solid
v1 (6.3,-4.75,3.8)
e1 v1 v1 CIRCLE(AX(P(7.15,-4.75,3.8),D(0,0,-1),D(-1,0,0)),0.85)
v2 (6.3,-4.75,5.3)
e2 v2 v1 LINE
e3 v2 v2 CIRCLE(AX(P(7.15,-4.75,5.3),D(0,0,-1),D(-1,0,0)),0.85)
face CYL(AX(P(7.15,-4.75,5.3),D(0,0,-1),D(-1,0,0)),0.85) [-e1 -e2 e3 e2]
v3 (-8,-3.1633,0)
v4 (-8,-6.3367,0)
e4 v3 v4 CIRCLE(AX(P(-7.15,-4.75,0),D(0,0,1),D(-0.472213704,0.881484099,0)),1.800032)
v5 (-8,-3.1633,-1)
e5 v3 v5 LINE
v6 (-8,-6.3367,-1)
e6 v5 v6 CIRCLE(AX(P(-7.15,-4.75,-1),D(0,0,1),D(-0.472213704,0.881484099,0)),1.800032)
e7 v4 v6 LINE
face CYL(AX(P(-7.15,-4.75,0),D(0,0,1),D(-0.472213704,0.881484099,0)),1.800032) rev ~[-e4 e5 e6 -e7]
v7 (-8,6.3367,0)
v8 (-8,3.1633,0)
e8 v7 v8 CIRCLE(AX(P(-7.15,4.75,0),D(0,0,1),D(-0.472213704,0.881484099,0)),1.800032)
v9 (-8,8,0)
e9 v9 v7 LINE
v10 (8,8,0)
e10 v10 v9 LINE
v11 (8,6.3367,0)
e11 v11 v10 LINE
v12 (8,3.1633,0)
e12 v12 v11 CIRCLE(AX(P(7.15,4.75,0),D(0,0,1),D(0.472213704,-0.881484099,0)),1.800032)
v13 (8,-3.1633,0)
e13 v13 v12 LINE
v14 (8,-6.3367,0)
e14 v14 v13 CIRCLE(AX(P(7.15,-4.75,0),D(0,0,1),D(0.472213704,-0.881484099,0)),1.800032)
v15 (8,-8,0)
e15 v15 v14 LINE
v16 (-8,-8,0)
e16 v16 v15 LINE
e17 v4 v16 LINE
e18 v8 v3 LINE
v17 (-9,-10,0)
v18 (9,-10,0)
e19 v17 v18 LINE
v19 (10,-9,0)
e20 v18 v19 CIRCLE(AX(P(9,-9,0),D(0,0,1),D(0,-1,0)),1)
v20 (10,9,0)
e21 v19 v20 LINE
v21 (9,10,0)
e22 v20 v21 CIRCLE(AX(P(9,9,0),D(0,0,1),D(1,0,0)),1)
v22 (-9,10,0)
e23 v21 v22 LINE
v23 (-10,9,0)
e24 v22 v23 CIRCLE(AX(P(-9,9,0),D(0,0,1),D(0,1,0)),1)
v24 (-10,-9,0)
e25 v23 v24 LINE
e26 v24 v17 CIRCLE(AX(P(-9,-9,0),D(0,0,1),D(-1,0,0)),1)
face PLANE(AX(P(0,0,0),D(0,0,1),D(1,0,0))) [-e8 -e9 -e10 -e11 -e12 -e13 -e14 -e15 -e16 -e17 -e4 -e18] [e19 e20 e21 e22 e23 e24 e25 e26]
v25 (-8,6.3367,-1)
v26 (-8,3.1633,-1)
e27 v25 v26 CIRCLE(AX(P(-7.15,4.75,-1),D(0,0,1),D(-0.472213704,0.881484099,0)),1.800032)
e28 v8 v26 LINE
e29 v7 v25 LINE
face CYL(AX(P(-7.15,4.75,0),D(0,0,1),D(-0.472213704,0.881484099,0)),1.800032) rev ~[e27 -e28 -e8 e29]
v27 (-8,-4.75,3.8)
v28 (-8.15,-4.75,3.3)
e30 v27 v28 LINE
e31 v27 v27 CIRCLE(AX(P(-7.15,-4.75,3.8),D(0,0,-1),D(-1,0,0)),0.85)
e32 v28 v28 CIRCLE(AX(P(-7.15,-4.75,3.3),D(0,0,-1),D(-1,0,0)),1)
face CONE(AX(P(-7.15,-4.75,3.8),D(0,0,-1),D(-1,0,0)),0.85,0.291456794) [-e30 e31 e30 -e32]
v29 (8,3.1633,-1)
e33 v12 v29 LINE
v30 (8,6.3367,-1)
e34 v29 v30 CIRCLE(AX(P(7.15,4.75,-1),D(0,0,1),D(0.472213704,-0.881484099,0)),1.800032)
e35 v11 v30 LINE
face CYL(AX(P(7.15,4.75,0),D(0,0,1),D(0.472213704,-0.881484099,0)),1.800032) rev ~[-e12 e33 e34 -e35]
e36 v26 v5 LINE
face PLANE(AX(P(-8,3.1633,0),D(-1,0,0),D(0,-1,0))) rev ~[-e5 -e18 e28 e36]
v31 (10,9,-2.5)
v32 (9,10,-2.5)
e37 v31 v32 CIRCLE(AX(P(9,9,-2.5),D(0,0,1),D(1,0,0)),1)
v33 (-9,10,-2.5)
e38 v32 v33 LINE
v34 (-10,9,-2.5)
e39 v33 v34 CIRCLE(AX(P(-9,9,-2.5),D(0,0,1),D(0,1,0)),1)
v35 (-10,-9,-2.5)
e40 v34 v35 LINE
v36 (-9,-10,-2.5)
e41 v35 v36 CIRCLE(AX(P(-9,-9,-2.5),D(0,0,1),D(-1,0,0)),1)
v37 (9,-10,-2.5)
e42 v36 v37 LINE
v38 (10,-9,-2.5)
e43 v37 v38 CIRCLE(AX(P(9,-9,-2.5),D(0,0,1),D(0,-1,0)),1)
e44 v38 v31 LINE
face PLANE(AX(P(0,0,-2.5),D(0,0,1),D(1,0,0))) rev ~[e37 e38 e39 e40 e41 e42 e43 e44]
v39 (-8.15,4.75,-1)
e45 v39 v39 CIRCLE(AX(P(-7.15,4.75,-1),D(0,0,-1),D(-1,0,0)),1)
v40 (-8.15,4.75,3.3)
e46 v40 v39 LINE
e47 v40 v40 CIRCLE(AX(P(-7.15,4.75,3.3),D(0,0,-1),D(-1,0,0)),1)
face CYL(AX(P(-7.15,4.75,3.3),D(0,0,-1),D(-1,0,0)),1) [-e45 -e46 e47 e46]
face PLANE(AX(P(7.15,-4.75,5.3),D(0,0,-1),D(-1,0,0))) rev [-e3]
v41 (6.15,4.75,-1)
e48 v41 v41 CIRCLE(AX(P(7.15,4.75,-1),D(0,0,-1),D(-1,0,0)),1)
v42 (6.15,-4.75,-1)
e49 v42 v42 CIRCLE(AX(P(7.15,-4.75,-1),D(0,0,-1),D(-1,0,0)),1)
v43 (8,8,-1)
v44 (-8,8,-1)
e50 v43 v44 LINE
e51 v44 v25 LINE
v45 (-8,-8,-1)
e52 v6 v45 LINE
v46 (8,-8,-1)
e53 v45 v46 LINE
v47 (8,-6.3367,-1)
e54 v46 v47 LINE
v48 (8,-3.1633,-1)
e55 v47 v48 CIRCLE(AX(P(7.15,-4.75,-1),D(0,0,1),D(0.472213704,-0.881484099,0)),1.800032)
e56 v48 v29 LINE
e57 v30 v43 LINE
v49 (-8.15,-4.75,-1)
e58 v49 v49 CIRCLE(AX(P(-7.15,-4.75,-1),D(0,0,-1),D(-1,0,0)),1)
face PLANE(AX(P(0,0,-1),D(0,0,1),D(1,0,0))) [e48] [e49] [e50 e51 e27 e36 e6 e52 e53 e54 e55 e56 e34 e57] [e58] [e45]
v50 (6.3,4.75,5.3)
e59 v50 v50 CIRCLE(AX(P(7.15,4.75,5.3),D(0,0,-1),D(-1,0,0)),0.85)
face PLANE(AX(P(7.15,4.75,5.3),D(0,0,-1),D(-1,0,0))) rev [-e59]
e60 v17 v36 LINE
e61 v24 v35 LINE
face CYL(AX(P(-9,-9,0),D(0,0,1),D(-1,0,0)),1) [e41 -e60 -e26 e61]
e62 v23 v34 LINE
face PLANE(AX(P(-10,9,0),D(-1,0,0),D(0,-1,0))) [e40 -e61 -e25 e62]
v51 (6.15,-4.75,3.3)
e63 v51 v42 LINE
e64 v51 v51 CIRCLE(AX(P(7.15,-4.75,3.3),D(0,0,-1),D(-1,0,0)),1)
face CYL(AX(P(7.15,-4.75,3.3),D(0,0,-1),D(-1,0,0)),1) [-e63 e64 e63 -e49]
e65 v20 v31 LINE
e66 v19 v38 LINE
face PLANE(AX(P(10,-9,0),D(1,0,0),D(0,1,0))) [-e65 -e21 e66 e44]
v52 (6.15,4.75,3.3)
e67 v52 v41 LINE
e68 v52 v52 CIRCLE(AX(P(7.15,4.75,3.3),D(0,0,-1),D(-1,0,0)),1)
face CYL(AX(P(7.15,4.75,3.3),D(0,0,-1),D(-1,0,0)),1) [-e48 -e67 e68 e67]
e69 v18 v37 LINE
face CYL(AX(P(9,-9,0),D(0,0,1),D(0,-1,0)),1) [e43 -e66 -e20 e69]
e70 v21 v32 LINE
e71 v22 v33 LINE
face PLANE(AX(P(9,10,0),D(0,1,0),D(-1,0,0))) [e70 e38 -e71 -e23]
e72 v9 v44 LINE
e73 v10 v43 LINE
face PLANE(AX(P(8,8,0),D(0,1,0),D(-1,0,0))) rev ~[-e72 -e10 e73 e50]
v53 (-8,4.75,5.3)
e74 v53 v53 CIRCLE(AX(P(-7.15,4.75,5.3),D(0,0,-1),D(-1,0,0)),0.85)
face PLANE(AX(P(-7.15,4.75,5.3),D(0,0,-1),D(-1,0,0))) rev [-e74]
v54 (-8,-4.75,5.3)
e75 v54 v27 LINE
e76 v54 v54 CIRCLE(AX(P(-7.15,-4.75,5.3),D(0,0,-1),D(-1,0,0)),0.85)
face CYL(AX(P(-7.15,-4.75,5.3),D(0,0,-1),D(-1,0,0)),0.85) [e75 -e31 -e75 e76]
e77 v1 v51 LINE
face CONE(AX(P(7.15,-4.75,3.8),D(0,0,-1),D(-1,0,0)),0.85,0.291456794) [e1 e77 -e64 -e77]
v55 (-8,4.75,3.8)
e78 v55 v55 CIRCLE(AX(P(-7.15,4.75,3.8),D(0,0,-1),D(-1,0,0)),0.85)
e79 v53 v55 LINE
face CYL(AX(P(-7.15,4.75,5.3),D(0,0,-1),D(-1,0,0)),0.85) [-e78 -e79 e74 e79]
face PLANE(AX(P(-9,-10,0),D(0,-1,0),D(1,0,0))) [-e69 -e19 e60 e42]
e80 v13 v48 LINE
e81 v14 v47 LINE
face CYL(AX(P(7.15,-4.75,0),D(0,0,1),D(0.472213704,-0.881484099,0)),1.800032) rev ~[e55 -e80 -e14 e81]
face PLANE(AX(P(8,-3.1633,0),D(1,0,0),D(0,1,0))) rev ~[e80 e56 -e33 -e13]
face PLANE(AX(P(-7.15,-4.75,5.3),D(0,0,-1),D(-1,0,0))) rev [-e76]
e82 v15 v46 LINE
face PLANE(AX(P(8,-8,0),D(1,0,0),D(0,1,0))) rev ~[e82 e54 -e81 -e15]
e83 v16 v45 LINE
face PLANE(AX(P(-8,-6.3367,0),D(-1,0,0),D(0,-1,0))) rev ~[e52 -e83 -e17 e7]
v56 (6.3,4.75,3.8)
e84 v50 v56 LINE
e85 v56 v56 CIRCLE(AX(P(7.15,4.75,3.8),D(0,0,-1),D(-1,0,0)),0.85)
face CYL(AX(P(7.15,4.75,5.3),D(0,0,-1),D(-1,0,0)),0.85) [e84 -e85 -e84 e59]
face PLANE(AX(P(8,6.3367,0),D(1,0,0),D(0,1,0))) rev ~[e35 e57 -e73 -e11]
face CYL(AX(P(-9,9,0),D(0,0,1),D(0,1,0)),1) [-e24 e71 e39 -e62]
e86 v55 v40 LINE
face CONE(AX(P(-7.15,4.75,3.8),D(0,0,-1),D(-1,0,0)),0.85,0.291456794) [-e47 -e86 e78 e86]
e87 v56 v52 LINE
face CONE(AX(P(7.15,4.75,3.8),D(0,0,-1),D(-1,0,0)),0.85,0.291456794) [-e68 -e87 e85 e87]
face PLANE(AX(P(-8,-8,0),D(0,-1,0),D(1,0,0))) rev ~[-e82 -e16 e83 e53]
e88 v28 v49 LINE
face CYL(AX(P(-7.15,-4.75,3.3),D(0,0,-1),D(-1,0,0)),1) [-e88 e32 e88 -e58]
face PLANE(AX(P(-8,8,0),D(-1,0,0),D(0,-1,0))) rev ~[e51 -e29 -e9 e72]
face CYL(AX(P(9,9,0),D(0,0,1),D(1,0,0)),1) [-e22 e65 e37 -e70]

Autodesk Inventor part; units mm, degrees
sketch "Sketch_1" plane through (0, 0, 0) normal (0, 0, 1) x (1, 0, 0)
  arc A0 (-10, -9) -> (-9, -10) centre (-9, -9) ccw
  line L0 (-9, -10) -> (9, -10)
  arc A1 (9, -10) -> (10, -9) centre (9, -9) ccw
  line L1 (10, -9) -> (10, 9)
  arc A2 (10, 9) -> (9, 10) centre (9, 9) ccw
  line L2 (9, 10) -> (-9, 10)
  arc A3 (-9, 10) -> (-10, 9) centre (-9, 9) ccw
  line L3 (-10, 9) -> (-10, -9)
extrude "Extrusion1" add sketch "Sketch_1" against normal blind 2.5
sketch "Sketch_2" plane through (0, 0, 0) normal (0, 0, 1) x (1, 0, 0)
  arc A0 (-8, 6.3367) -> (-8, 3.1633) centre (-7.15, 4.75) ccw
  line L0 (-8, 3.1633) -> (-8, -3.1633)
  arc A1 (-8, -3.1633) -> (-8, -6.3367) centre (-7.15, -4.75) ccw
  line L1 (-8, -6.3367) -> (-8, -8)
  line L2 (-8, -8) -> (8, -8)
  line L3 (8, -8) -> (8, -6.3367)
  arc A2 (8, -6.3367) -> (8, -3.1633) centre (7.15, -4.75) ccw
  line L4 (8, -3.1633) -> (8, 3.1633)
  arc A3 (8, 3.1633) -> (8, 6.3367) centre (7.15, 4.75) ccw
  line L5 (8, 6.3367) -> (8, 8)
  line L6 (8, 8) -> (-8, 8)
  line L7 (-8, 8) -> (-8, 6.3367)
extrude "Extrusion2" cut sketch "Sketch_2" against normal blind 1
sketch "Sketch_3" plane through (0, 4.75, 0) normal (0, 1, 0) x (1, 0, 0)
  line L0 (-7.15, 1) -> (-7.15, -5.3)
  line L1 (-7.15, -5.3) -> (-8, -5.3)
  line L2 (-8, -5.3) -> (-8, -3.8)
  line L3 (-8, -3.8) -> (-8.15, -3.3)
  line L4 (-8.15, -3.3) -> (-8.15, 1)
  line L5 (-8.15, 1) -> (-7.15, 1)
  line L6 (-7.15, 1) -> (-7.15, -5.3)
revolve "Revolution1" add sketch "Sketch_3" angle 360 about axis through (-7.15, 4.75, -1) along (0, 0, -1)
pattern_linear "Rectangular Pattern1" count 2 spacing 14.3 along (1, 0, 0) count 2 spacing 9.5 along (0, -1, 0) of "Revolution1"
ref_plane "Cap_to_Frame_XY" through (0, 0, 0) normal (0, 0, -1) x (1, 0, 0)
ref_plane "Cap_to_Frame_YZ" through (0, 0, 0) normal (1, 0, 0) x (0, -1, 0)
ref_plane "Cap_to_Frame_ZX" through (0, 0, 0) normal (0, -1, 0) x (0, 0, -1)
properties part number "HFC5-2020-B"
